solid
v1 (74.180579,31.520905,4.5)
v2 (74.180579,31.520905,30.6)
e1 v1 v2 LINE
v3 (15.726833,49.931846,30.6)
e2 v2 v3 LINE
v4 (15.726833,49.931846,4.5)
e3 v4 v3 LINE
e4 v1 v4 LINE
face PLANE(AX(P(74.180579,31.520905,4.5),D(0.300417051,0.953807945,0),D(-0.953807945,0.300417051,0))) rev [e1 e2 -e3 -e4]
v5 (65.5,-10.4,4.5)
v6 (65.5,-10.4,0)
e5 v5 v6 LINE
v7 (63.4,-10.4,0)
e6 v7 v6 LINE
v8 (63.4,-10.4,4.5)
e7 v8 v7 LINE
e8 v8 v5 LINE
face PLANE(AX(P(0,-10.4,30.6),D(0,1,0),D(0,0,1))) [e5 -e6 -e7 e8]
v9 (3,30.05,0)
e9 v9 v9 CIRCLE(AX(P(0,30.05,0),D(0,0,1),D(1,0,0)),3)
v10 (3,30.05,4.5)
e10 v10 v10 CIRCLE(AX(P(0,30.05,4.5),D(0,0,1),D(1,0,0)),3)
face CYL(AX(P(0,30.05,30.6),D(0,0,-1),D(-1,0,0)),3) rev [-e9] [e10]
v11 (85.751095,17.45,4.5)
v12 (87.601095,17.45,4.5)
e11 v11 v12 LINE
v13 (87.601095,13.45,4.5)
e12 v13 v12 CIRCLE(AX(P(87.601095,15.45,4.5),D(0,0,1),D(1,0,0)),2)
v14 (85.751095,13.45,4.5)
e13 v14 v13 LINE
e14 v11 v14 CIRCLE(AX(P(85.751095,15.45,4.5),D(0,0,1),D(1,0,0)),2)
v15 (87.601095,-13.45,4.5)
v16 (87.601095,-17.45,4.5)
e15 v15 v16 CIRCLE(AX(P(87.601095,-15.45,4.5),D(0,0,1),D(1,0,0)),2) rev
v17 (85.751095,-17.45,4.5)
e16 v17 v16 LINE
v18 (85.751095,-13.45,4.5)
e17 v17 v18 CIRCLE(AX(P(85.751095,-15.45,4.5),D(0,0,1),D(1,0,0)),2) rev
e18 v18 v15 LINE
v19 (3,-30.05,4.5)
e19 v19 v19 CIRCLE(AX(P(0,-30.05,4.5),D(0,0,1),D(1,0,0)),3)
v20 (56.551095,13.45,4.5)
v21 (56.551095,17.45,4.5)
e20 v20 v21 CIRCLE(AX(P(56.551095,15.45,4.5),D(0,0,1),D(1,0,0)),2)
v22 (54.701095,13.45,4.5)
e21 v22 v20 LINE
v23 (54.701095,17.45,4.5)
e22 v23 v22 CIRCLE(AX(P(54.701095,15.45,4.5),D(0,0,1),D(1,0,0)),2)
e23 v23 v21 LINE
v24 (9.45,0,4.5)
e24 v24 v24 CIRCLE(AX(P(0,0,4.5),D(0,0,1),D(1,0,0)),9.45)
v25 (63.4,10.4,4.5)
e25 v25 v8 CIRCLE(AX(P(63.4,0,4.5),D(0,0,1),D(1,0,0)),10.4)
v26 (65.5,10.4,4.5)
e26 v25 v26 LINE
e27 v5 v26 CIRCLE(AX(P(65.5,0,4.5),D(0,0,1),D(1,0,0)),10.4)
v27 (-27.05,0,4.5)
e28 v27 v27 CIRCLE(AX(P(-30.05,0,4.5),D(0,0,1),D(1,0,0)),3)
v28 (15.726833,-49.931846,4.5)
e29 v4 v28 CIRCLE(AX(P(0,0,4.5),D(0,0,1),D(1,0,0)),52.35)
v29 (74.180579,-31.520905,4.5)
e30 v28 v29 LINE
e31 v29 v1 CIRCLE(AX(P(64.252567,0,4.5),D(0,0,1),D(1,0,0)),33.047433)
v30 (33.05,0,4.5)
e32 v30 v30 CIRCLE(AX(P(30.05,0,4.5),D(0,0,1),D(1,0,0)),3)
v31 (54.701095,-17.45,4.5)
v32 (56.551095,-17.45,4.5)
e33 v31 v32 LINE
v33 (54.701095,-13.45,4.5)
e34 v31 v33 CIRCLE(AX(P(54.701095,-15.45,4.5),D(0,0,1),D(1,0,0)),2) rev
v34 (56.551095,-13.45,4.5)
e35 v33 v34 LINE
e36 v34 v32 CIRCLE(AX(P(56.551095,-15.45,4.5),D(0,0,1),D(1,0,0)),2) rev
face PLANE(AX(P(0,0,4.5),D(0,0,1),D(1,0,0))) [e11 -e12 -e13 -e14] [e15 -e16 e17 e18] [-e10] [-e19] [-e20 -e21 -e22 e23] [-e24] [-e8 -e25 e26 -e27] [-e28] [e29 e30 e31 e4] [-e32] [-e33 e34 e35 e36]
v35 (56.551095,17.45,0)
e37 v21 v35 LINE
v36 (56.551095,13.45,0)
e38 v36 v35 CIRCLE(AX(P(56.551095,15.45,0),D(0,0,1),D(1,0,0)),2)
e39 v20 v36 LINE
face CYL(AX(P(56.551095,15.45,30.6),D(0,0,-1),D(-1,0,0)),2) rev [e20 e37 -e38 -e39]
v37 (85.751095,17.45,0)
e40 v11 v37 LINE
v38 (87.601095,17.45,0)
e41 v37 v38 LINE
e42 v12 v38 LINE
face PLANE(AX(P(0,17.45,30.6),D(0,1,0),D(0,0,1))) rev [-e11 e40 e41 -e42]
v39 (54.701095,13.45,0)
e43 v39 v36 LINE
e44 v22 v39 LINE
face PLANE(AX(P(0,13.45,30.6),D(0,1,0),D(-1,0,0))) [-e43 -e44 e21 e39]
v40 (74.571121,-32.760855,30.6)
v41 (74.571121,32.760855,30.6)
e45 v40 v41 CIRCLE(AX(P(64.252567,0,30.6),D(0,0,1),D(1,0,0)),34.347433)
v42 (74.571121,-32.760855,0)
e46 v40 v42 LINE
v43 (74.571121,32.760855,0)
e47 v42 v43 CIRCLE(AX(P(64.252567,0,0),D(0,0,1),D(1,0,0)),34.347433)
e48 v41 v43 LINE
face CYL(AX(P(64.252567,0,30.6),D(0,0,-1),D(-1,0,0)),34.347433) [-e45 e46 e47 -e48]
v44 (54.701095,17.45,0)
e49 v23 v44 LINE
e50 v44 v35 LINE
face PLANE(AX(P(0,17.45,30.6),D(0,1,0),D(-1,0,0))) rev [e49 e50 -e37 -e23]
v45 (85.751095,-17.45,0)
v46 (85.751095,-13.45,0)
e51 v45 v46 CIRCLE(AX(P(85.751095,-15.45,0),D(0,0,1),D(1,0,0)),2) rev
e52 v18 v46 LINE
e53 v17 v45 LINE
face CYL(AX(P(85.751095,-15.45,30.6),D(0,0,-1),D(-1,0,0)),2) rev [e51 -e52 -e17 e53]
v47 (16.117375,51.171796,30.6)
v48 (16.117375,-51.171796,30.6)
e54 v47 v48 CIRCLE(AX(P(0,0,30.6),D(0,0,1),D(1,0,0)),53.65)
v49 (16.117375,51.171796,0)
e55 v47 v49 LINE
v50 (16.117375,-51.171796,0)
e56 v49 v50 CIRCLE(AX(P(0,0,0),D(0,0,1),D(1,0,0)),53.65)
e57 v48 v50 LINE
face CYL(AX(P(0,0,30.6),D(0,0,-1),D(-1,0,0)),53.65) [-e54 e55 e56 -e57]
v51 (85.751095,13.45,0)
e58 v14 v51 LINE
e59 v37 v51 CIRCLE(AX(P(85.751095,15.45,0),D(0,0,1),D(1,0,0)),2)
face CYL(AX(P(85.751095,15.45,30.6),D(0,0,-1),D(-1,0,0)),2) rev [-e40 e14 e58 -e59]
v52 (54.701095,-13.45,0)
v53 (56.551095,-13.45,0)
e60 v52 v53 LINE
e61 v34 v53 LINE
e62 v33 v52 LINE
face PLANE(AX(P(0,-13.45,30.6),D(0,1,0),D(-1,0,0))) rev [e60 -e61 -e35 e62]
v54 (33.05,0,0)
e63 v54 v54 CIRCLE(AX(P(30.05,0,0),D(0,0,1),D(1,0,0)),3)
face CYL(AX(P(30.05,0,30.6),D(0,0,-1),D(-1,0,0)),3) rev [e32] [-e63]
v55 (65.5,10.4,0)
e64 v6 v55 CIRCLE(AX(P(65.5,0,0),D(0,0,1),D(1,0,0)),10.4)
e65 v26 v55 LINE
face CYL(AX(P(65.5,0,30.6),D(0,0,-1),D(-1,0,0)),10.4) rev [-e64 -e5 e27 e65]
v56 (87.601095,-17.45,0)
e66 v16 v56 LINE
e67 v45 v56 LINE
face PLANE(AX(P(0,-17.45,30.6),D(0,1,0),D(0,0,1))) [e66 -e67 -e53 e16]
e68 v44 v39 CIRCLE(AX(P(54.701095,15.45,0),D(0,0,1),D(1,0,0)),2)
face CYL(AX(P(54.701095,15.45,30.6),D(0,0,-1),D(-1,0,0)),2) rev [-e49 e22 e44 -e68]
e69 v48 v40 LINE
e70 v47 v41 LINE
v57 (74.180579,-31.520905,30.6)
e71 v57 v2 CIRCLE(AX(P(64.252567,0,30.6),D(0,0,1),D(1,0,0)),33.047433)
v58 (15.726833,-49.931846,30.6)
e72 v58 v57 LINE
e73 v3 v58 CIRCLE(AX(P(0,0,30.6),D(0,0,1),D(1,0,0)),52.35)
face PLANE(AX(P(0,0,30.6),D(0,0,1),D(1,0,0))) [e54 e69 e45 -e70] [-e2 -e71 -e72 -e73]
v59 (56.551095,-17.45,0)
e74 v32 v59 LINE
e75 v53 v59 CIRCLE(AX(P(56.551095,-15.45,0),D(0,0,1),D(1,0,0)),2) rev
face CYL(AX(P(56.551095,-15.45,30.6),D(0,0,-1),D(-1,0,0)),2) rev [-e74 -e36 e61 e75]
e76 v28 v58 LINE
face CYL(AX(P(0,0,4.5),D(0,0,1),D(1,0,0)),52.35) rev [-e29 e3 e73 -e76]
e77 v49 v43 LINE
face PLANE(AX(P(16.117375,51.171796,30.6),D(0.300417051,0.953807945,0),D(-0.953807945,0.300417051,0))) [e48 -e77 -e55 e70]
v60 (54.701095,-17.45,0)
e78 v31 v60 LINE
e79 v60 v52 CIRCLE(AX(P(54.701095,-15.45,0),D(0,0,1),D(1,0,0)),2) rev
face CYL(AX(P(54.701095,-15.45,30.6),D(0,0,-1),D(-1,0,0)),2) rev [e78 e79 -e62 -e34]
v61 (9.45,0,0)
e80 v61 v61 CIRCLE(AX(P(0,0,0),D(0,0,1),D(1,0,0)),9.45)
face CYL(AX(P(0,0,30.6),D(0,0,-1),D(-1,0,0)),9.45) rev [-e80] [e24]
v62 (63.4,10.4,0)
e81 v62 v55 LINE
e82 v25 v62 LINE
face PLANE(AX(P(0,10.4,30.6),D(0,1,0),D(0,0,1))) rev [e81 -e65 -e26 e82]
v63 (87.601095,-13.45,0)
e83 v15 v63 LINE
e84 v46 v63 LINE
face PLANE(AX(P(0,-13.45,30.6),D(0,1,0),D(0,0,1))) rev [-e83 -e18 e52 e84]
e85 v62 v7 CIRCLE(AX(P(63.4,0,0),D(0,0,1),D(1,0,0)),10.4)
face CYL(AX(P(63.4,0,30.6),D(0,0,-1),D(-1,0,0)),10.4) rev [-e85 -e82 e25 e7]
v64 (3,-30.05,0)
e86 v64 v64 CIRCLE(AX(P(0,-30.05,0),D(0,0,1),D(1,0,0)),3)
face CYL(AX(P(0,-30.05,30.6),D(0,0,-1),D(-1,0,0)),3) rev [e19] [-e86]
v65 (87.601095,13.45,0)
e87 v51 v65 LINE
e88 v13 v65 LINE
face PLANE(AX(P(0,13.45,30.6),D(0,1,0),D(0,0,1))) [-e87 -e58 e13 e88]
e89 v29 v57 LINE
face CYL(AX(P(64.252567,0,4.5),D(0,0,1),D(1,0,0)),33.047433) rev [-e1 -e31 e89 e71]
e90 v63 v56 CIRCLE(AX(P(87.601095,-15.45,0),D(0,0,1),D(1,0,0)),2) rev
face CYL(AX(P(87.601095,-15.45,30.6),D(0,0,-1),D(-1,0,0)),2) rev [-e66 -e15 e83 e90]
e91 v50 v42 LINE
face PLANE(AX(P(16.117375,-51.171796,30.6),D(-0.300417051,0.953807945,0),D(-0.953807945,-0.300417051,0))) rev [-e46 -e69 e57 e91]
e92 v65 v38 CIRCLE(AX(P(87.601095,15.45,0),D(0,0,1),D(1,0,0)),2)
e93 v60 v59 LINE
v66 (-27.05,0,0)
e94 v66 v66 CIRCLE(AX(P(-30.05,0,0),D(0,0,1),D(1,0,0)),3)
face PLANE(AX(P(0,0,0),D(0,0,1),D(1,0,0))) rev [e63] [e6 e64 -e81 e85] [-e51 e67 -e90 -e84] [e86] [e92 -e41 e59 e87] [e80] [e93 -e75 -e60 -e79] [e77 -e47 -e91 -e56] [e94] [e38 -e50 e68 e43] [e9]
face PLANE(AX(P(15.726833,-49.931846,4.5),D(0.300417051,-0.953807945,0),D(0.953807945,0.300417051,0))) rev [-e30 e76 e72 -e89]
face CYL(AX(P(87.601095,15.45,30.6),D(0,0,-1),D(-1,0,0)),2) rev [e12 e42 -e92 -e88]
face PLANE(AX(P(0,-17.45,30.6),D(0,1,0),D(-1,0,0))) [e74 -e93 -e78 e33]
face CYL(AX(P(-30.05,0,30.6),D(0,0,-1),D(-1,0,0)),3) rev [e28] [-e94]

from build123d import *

# Parameters (mm, degrees)
SKETCH1_R           = 3
SKETCH1_R_2         = 9.45
BOSS_EXTRUDE1_DEPTH = 30.6
CUT_EXTRUDE1_DEPTH  = 26.1


with BuildPart() as part:
    # Sketch1 → Boss-Extrude1 (new body)
    with BuildSketch(Plane.XY):
        with BuildLine():
            ThreePointArc((74.571121214, -32.760854905), (98.6, 0), (74.571121214, 32.760854905))
            Line((74.571121214, 32.760854905), (16.117374778, 51.171796238))
            ThreePointArc((16.117374778, 51.171796238), (-53.65, 0), (16.117374778, -51.171796238))
            Line((16.117374778, -51.171796238), (74.571121214, -32.760854905))
        make_face()
        with BuildLine():
            Line((63.4, 10.4), (65.5, 10.4))
            ThreePointArc((65.5, 10.4), (75.9, 0), (65.5, -10.4))
            Line((65.5, -10.4), (63.4, -10.4))
            ThreePointArc((63.4, -10.4), (53, 0), (63.4, 10.4))
        make_face(mode=Mode.SUBTRACT)
        with Locations((30.05, 0)):
            Circle(SKETCH1_R, mode=Mode.SUBTRACT)
        with BuildLine():
            Line((56.551094978, -17.45), (54.701094978, -17.45))
            ThreePointArc((54.701094978, -17.45), (52.701094978, -15.45), (54.701094978, -13.45))
            Line((54.701094978, -13.45), (56.551094978, -13.45))
            ThreePointArc((56.551094978, -13.45), (58.551094978, -15.45), (56.551094978, -17.45))
        make_face(mode=Mode.SUBTRACT)
        with BuildLine():
            Line((87.601094978, -17.45), (85.751094978, -17.45))
            ThreePointArc((85.751094978, -17.45), (83.751094978, -15.45), (85.751094978, -13.45))
            Line((85.751094978, -13.45), (87.601094978, -13.45))
            ThreePointArc((87.601094978, -13.45), (89.601094978, -15.45), (87.601094978, -17.45))
        make_face(mode=Mode.SUBTRACT)
        with BuildLine():
            ThreePointArc((54.701094978, 13.45), (52.701094978, 15.45), (54.701094978, 17.45))
            Line((54.701094978, 17.45), (56.551094978, 17.45))
            ThreePointArc((56.551094978, 17.45), (58.551094978, 15.45), (56.551094978, 13.45))
            Line((56.551094978, 13.45), (54.701094978, 13.45))
        make_face(mode=Mode.SUBTRACT)
        with BuildLine():
            ThreePointArc((85.751094978, 13.45), (83.751094978, 15.45), (85.751094978, 17.45))
            Line((85.751094978, 17.45), (87.601094978, 17.45))
            ThreePointArc((87.601094978, 17.45), (89.601094978, 15.45), (87.601094978, 13.45))
            Line((87.601094978, 13.45), (85.751094978, 13.45))
        make_face(mode=Mode.SUBTRACT)
        Circle(SKETCH1_R_2, mode=Mode.SUBTRACT)
        with Locations((0, 30.05)):
            Circle(SKETCH1_R, mode=Mode.SUBTRACT)
        with Locations((0, -30.05)):
            Circle(SKETCH1_R, mode=Mode.SUBTRACT)
        with Locations((-30.05, 0)):
            Circle(SKETCH1_R, mode=Mode.SUBTRACT)
    extrude(amount=BOSS_EXTRUDE1_DEPTH)

    # Sketch2 → Cut-Extrude1 (cut)
    with BuildSketch(Plane.XY.offset(30.6)):
        with BuildLine():
            Line((74.180579048, 31.520904576), (15.726832612, 49.93184591))
            ThreePointArc((15.726832612, 49.93184591), (-52.35, 0), (15.726832612, -49.93184591))
            Line((15.726832612, -49.93184591), (74.180579048, -31.520904576))
            ThreePointArc((74.180579048, -31.520904576), (97.3, 0), (74.180579048, 31.520904576))
        make_face()
    extrude(amount=-CUT_EXTRUDE1_DEPTH, mode=Mode.SUBTRACT)


solid = part.part
